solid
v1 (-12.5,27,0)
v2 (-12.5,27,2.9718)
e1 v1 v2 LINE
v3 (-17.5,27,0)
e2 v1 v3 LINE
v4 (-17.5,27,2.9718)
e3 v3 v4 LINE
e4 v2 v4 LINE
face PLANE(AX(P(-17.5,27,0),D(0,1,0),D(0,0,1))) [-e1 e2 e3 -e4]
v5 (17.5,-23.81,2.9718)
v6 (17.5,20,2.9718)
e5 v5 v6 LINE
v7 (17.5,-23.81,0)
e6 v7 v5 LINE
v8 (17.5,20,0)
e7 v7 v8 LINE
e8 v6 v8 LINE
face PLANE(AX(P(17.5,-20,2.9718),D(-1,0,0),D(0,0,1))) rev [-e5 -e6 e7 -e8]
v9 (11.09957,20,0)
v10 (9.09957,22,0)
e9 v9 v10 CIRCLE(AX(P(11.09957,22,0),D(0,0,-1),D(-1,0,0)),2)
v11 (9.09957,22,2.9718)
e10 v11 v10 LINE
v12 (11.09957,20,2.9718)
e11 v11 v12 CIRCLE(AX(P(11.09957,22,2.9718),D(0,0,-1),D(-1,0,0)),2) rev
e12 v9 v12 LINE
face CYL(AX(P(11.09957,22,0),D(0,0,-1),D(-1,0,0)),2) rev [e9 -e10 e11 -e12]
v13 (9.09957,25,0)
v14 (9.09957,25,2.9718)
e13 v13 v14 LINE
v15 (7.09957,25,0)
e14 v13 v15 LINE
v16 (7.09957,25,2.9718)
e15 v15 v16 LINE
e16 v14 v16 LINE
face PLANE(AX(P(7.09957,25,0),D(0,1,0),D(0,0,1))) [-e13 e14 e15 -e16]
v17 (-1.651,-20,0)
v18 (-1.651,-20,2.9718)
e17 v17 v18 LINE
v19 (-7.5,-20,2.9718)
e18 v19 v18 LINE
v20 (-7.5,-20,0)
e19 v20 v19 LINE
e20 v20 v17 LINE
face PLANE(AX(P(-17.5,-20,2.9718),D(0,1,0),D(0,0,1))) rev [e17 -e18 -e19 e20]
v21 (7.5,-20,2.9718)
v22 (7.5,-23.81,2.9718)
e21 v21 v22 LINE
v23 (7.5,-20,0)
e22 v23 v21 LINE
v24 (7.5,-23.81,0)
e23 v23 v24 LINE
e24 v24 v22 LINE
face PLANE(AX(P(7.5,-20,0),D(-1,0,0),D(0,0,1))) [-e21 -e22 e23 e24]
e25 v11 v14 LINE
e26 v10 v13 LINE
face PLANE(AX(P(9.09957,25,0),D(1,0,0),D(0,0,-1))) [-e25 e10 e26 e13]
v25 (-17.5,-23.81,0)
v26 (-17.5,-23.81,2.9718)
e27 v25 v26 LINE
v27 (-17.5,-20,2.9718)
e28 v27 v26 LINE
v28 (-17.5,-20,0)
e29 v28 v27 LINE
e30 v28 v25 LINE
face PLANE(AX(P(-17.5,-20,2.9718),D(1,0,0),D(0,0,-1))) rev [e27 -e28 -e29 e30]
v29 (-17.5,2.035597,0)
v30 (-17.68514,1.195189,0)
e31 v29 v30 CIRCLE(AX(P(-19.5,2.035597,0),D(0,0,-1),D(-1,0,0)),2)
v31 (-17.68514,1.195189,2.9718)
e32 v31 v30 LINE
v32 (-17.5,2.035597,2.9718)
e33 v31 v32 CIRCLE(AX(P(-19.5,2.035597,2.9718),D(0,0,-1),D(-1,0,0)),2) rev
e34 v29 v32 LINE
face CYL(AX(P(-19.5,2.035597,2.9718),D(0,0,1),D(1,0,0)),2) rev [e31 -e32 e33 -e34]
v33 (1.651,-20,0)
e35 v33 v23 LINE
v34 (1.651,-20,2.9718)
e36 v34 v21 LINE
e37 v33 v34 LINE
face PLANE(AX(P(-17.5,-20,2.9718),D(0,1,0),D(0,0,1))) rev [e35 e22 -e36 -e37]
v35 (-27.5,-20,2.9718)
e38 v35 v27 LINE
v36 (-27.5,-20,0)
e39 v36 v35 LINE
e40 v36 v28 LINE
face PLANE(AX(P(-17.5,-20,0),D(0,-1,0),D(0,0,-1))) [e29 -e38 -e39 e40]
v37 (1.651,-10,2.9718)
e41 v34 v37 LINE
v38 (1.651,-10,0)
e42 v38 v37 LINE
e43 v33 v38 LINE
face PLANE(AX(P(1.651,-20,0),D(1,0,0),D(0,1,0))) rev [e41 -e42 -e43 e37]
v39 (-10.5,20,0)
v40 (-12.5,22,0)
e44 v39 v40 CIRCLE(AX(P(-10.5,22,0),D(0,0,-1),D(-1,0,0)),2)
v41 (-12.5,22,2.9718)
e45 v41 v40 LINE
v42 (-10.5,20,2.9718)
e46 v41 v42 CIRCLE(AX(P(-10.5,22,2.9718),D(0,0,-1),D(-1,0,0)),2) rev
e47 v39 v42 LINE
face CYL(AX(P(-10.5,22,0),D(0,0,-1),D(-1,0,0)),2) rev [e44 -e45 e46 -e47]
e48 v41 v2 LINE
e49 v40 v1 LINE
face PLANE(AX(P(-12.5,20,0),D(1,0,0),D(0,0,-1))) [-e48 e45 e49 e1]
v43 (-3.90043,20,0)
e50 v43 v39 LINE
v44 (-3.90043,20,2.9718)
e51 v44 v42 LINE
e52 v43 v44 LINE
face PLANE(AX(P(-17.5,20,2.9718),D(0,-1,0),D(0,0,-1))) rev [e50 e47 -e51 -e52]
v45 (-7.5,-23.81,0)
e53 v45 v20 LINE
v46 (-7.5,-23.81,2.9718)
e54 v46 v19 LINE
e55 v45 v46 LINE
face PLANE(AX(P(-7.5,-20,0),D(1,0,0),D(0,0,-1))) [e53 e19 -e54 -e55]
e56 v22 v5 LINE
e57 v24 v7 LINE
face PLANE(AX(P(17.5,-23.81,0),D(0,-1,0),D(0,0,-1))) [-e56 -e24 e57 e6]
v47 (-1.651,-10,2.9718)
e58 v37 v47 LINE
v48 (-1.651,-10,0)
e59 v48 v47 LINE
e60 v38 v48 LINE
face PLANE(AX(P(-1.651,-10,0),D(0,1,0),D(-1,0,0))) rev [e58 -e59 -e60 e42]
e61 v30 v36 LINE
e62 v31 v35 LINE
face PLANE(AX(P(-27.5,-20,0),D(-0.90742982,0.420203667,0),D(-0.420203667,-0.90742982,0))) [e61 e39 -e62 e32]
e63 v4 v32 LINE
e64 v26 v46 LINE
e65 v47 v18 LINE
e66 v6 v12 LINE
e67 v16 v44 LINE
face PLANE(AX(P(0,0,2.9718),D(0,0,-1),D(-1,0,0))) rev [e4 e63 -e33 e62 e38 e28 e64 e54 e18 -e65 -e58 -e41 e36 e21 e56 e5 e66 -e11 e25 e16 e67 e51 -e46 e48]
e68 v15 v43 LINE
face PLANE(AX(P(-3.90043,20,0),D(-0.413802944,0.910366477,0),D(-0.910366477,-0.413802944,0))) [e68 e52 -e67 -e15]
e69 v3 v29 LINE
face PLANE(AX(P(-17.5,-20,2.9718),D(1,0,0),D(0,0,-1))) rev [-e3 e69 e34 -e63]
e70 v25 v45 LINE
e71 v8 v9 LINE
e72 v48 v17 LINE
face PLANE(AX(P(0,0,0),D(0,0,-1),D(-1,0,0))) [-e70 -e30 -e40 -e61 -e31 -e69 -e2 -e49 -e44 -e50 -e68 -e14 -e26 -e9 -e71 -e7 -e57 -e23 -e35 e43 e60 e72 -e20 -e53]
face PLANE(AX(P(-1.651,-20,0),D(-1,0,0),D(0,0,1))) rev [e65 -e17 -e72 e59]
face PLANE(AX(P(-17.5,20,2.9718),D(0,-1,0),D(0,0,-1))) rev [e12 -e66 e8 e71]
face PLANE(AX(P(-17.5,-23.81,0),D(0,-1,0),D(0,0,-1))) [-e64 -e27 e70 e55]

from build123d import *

# Parameters (mm, degrees)
SKETCH1_W           = 35
SKETCH1_H           = 40
BOSS_EXTRUDE1_DEPTH = 2.9718
SKETCH2_W           = 5
SKETCH2_H           = 7
SKETCH2_W_2         = 10
SKETCH2_H_2         = 3.81
BOSS_EXTRUDE2_DEPTH = 2.9718
BOSS_EXTRUDE3_DEPTH = 2.9718
FILLET1_R           = 2
FILLET2_R           = 2
FILLET3_R           = 2
SKETCH4_W           = 3.302
SKETCH4_H           = 10
CUT_EXTRUDE1_DEPTH  = 3.9718


with BuildPart() as part:
    # Sketch1 → Boss-Extrude1 (new body)
    with BuildSketch(Plane.XY):
        Rectangle(SKETCH1_W, SKETCH1_H)
    extrude(amount=BOSS_EXTRUDE1_DEPTH)

    # Sketch2 → Boss-Extrude2 (add)
    with BuildSketch(Plane.XY.offset(2.9718)):
        Polygon((-3.900430119, 20), (7.099569881, 25), (9.099569881, 25), (9.099569881, 20), align=None)
        with Locations((-15, 23.5)):
            Rectangle(SKETCH2_W, SKETCH2_H)
        with Locations((-12.5, -21.905)):
            Rectangle(SKETCH2_W_2, SKETCH2_H_2)
        with Locations((12.5, -21.905)):
            Rectangle(SKETCH2_W_2, SKETCH2_H_2)
    extrude(amount=-BOSS_EXTRUDE2_DEPTH)

    # Sketch3 → Boss-Extrude3 (add)
    with BuildSketch(Plane.XY.offset(2.9718)):
        Polygon((-17.5, -20), (-27.5, -20), (-17.5, 1.595), align=None)
    extrude(amount=-BOSS_EXTRUDE3_DEPTH)

    # Fillet1
    fillet1_edges = [part.edges().sort_by_distance(p)[0] for p in [
        (-12.5, 20, 1.4859),
    ]]
    fillet(fillet1_edges, radius=FILLET1_R)

    # Fillet2
    fillet2_edges = [part.edges().sort_by_distance(p)[0] for p in [
        (9.099569881, 20, 1.4859),
    ]]
    fillet(fillet2_edges, radius=FILLET2_R)

    # Fillet3
    fillet3_edges = [part.edges().sort_by_distance(p)[0] for p in [
        (-17.5, 1.595, 1.4859),
    ]]
    fillet(fillet3_edges, radius=FILLET3_R)

    # Sketch4 → Cut-Extrude1 (cut, through all)
    with BuildSketch(Plane.XY.offset(2.9718)):
        with Locations((0, -15)):
            Rectangle(SKETCH4_W, SKETCH4_H)
    extrude(amount=-CUT_EXTRUDE1_DEPTH, mode=Mode.SUBTRACT)


solid = part.part
